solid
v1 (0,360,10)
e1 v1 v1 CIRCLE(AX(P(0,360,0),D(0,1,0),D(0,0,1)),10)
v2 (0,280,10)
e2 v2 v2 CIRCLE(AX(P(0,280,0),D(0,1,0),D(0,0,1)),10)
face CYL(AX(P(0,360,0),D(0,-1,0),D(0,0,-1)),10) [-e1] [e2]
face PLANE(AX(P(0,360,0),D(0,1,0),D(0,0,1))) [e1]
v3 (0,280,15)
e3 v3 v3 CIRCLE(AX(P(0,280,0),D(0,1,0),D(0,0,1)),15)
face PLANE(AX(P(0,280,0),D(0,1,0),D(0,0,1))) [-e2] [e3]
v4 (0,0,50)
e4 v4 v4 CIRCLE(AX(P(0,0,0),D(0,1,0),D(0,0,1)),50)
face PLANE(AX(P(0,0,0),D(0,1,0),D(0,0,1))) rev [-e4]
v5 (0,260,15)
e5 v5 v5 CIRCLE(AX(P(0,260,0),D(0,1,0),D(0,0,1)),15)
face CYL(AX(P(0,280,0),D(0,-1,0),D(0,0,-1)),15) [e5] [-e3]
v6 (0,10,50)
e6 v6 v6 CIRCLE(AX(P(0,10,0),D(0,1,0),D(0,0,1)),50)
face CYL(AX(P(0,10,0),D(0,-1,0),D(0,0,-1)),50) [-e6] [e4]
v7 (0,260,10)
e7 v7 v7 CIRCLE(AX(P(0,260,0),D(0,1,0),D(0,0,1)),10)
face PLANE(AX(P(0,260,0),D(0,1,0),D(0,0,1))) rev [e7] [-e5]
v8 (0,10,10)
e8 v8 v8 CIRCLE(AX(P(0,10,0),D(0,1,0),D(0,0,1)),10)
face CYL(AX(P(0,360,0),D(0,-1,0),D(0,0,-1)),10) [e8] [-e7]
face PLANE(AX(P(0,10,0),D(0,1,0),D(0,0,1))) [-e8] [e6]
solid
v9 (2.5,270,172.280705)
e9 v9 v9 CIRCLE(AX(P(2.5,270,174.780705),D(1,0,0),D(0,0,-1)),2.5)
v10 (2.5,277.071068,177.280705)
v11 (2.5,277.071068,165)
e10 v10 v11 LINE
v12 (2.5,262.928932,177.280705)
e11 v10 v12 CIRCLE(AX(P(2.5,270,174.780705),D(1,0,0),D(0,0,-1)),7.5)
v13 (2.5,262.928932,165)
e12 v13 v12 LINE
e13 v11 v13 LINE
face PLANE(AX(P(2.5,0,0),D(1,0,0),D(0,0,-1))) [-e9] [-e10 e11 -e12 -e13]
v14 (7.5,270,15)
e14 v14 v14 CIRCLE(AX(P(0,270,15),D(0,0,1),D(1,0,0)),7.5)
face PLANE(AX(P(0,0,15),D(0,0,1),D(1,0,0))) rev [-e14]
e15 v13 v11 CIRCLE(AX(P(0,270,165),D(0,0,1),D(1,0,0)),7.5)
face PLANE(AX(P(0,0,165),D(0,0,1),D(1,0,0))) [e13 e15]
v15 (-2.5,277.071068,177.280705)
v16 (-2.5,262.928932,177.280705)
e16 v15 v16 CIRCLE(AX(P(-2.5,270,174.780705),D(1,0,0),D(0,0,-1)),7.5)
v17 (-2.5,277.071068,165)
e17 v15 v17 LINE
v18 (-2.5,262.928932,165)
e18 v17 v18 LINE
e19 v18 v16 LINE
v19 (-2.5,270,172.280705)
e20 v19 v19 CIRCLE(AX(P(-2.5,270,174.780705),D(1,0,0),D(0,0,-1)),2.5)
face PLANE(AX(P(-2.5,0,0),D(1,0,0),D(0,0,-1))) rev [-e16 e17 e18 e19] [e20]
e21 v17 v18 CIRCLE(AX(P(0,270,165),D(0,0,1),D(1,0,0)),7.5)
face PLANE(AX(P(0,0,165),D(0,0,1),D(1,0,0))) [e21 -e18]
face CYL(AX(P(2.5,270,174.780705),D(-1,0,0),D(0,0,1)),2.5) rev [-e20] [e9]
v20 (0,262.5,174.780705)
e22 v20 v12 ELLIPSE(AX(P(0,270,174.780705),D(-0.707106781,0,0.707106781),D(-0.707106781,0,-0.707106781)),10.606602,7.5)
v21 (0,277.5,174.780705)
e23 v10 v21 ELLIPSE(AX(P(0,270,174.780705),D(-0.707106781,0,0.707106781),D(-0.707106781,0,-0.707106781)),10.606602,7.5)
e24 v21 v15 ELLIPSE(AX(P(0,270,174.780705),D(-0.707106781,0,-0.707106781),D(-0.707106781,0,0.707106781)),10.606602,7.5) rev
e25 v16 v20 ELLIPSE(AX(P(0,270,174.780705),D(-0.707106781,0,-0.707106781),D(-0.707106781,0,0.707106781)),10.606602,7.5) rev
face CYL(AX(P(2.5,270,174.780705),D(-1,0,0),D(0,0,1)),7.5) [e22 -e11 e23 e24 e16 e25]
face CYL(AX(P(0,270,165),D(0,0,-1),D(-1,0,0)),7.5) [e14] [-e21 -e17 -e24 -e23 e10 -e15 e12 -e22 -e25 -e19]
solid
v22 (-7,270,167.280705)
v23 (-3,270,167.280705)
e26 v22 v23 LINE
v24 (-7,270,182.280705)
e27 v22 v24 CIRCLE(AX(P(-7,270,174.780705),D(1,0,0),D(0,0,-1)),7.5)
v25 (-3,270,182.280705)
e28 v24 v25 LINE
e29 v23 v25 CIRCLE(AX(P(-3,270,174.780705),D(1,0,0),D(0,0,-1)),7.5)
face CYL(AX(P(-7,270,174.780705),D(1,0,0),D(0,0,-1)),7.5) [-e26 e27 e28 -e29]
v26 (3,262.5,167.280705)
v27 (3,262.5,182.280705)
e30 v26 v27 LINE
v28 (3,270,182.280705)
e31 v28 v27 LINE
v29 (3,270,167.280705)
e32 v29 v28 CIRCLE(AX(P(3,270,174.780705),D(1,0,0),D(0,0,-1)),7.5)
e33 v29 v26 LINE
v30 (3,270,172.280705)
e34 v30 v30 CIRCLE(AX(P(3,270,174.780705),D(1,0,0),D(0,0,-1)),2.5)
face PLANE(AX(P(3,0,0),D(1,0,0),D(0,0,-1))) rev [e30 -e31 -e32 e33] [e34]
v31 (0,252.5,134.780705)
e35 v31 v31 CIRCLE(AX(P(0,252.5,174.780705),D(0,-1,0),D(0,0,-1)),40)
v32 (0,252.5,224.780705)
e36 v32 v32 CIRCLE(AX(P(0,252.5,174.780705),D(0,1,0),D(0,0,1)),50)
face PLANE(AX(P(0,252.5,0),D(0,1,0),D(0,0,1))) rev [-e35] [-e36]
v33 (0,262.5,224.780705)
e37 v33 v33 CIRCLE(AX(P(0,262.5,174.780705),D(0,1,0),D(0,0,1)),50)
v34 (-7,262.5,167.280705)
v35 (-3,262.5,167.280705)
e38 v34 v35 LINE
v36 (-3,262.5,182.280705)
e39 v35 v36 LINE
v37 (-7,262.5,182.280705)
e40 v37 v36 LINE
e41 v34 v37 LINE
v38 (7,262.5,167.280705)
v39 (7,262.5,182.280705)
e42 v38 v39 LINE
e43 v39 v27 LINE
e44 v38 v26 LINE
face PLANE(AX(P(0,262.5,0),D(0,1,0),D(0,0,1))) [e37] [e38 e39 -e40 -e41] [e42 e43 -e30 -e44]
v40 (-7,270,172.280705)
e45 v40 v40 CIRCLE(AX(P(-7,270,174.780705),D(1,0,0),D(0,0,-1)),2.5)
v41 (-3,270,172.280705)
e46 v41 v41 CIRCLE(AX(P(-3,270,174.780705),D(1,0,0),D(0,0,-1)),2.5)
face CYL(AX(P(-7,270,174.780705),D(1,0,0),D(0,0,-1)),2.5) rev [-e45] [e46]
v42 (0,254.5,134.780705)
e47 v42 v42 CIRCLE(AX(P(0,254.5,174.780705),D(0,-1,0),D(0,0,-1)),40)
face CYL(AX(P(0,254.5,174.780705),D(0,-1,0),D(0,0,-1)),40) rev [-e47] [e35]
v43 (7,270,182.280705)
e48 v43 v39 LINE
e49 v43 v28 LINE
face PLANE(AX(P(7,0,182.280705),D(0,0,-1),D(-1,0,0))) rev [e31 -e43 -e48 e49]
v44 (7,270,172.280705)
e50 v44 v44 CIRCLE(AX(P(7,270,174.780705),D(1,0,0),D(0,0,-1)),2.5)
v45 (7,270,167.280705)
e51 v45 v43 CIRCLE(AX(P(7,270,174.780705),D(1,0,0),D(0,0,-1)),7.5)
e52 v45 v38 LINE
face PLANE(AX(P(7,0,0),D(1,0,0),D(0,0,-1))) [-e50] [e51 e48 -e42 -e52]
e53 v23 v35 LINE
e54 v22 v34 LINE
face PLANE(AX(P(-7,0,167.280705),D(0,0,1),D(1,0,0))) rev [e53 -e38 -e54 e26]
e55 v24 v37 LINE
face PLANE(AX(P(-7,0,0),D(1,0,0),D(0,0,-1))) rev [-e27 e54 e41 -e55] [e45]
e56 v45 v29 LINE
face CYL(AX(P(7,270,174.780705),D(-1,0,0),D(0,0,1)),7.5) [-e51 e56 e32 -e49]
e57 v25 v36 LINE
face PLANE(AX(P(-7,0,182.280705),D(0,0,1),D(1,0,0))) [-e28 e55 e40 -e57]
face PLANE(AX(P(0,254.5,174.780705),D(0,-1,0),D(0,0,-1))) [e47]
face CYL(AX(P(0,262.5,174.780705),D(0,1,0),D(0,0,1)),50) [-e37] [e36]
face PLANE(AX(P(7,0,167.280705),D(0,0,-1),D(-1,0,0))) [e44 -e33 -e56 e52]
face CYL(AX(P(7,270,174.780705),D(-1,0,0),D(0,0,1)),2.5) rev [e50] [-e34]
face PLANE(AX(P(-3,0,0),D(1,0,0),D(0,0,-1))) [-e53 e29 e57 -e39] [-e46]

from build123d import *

# Parameters (mm, degrees)
SKETCH1_R           = 50
BOSS_EXTRUDE1_DEPTH = 10
SKETCH2_R           = 10
BOSS_EXTRUDE2_DEPTH = 350
SKETCH3_R           = 15
SKETCH3_R_2         = 10
BOSS_EXTRUDE3_DEPTH = 20
SKETCH4_R           = 7.5
BOSS_EXTRUDE4_DEPTH = 150
SKETCH5_R           = 2.5
BOSS_EXTRUDE5_DEPTH = 2.5
SKETCH6_R           = 48.158444965
CUT_EXTRUDE1_DEPTH  = 15
BOSS_EXTRUDE6_START = 3
SKETCH5_3_R         = 2.5
BOSS_EXTRUDE6_DEPTH = 4
BOSS_EXTRUDE7_START = -3
SKETCH5_4_R         = 2.5
BOSS_EXTRUDE7_DEPTH = 4
SKETCH7_R           = 40
CUT_EXTRUDE2_DEPTH  = 2


with BuildPart() as part:
    # Sketch1 → Boss-Extrude1 (new body)
    with BuildSketch(Plane(origin=(0, 0, 0), x_dir=(1, 0, 0), z_dir=(0, 1, 0))):
        Circle(SKETCH1_R)
    extrude(amount=BOSS_EXTRUDE1_DEPTH)

    # Sketch2 → Boss-Extrude2 (add)
    with BuildSketch(Plane(origin=(0, 10, 0), x_dir=(1, 0, 0), z_dir=(0, 1, 0))):
        Circle(SKETCH2_R)
    extrude(amount=BOSS_EXTRUDE2_DEPTH)

    # Sketch3 → Boss-Extrude3 (add)
    with BuildSketch(Plane(origin=(0, 260, 0), x_dir=(1, 0, 0), z_dir=(0, 1, 0))):
        Circle(SKETCH3_R)
        Circle(SKETCH3_R_2, mode=Mode.SUBTRACT)
    extrude(amount=BOSS_EXTRUDE3_DEPTH)


with BuildPart() as body_2:
    # Sketch4 → Boss-Extrude4 (new body)
    with BuildSketch(Plane.XY.offset(15)):
        with Locations((0, 270)):
            Circle(SKETCH4_R)
    extrude(amount=BOSS_EXTRUDE4_DEPTH)

    # Sketch5 → Boss-Extrude5 (add, symmetric)
    with BuildSketch(Plane(origin=(0, 0, 0), x_dir=(0, 0, -1), z_dir=(1, 0, 0))):
        with BuildLine():
            Line((-165, 262.5), (-165, 277.5))
            Line((-165, 277.5), (-174.780705462, 277.5))
            ThreePointArc((-174.780705462, 277.5), (-182.280705462, 270), (-174.780705462, 262.5))
            Line((-174.780705462, 262.5), (-165, 262.5))
        make_face()
        with Locations((-174.780705462, 270)):
            Circle(SKETCH5_R, mode=Mode.SUBTRACT)
    extrude(amount=BOSS_EXTRUDE5_DEPTH, both=True)

    # Sketch6 → Cut-Extrude1 (cut)
    with BuildSketch(Plane.XY.offset(165)):
        with Locations((0, 270)):
            Circle(SKETCH6_R)
        with BuildLine():
            ThreePointArc((2.5, 262.928932188), (-7.5, 270), (2.5, 277.071067812))
            ThreePointArc((2.5, 277.071067812), (6.123724357, 274.330127019), (7.5, 270))
            ThreePointArc((7.5, 270), (6.123724357, 265.669872981), (2.5, 262.928932188))
        make_face(mode=Mode.SUBTRACT)
    extrude(amount=CUT_EXTRUDE1_DEPTH, mode=Mode.SUBTRACT)


with BuildPart() as body_3:
    # Sketch5<3> → Boss-Extrude6 (new body)
    with BuildSketch(Plane(origin=(0, 0, 0), x_dir=(0, 0, -1), z_dir=(1, 0, 0)).offset(BOSS_EXTRUDE6_START)):
        with BuildLine():
            ThreePointArc((-167.280705462, 270), (-174.780705462, 277.5), (-182.280705462, 270))
            Line((-182.280705462, 270), (-182.280705462, 262.5))
            Line((-182.280705462, 262.5), (-167.280705462, 262.5))
            Line((-167.280705462, 262.5), (-167.280705462, 270))
        make_face()
        with Locations((-174.780705462, 270)):
            Circle(SKETCH5_3_R, mode=Mode.SUBTRACT)
    extrude(amount=BOSS_EXTRUDE6_DEPTH)



with BuildPart() as body_4:
    # Sketch5<4> → Boss-Extrude7 (new body)
    with BuildSketch(Plane(origin=(0, 0, 0), x_dir=(0, 0, -1), z_dir=(1, 0, 0)).offset(BOSS_EXTRUDE7_START)):
        with BuildLine():
            ThreePointArc((-167.280705462, 270), (-174.780705462, 277.5), (-182.280705462, 270))
            Line((-182.280705462, 270), (-182.280705462, 262.5))
            Line((-182.280705462, 262.5), (-167.280705462, 262.5))
            Line((-167.280705462, 262.5), (-167.280705462, 270))
        make_face()
        with Locations((-174.780705462, 270)):
            Circle(SKETCH5_4_R, mode=Mode.SUBTRACT)
    extrude(amount=-BOSS_EXTRUDE7_DEPTH)


with BuildPart() as body_3_1:
    add(body_3.part)

    add(body_4.part)  # Revolve1 merges body 4
    # Sketch5<5> → Revolve1 (revolve)
    with BuildSketch(Plane(origin=(0, 0, 0), x_dir=(0, 0, -1), z_dir=(1, 0, 0))):
        Polygon((-124.780705462, 262.5), (-165, 262.5), (-167.280705462, 262.5), (-174.780705462, 262.5), (-174.780705462, 252.5), (-124.780705462, 252.5), align=None)
    revolve(axis=Axis((0, 262.5, 174.780705462), (0, -1, 0)))

    # Sketch7 → Cut-Extrude2 (cut)
    with BuildSketch(Plane.XZ.offset(-252.5)):
        with Locations((0, 174.780705462)):
            Circle(SKETCH7_R)
    extrude(amount=-CUT_EXTRUDE2_DEPTH, mode=Mode.SUBTRACT)


solid = Compound([part.part, body_2.part, body_3_1.part])
